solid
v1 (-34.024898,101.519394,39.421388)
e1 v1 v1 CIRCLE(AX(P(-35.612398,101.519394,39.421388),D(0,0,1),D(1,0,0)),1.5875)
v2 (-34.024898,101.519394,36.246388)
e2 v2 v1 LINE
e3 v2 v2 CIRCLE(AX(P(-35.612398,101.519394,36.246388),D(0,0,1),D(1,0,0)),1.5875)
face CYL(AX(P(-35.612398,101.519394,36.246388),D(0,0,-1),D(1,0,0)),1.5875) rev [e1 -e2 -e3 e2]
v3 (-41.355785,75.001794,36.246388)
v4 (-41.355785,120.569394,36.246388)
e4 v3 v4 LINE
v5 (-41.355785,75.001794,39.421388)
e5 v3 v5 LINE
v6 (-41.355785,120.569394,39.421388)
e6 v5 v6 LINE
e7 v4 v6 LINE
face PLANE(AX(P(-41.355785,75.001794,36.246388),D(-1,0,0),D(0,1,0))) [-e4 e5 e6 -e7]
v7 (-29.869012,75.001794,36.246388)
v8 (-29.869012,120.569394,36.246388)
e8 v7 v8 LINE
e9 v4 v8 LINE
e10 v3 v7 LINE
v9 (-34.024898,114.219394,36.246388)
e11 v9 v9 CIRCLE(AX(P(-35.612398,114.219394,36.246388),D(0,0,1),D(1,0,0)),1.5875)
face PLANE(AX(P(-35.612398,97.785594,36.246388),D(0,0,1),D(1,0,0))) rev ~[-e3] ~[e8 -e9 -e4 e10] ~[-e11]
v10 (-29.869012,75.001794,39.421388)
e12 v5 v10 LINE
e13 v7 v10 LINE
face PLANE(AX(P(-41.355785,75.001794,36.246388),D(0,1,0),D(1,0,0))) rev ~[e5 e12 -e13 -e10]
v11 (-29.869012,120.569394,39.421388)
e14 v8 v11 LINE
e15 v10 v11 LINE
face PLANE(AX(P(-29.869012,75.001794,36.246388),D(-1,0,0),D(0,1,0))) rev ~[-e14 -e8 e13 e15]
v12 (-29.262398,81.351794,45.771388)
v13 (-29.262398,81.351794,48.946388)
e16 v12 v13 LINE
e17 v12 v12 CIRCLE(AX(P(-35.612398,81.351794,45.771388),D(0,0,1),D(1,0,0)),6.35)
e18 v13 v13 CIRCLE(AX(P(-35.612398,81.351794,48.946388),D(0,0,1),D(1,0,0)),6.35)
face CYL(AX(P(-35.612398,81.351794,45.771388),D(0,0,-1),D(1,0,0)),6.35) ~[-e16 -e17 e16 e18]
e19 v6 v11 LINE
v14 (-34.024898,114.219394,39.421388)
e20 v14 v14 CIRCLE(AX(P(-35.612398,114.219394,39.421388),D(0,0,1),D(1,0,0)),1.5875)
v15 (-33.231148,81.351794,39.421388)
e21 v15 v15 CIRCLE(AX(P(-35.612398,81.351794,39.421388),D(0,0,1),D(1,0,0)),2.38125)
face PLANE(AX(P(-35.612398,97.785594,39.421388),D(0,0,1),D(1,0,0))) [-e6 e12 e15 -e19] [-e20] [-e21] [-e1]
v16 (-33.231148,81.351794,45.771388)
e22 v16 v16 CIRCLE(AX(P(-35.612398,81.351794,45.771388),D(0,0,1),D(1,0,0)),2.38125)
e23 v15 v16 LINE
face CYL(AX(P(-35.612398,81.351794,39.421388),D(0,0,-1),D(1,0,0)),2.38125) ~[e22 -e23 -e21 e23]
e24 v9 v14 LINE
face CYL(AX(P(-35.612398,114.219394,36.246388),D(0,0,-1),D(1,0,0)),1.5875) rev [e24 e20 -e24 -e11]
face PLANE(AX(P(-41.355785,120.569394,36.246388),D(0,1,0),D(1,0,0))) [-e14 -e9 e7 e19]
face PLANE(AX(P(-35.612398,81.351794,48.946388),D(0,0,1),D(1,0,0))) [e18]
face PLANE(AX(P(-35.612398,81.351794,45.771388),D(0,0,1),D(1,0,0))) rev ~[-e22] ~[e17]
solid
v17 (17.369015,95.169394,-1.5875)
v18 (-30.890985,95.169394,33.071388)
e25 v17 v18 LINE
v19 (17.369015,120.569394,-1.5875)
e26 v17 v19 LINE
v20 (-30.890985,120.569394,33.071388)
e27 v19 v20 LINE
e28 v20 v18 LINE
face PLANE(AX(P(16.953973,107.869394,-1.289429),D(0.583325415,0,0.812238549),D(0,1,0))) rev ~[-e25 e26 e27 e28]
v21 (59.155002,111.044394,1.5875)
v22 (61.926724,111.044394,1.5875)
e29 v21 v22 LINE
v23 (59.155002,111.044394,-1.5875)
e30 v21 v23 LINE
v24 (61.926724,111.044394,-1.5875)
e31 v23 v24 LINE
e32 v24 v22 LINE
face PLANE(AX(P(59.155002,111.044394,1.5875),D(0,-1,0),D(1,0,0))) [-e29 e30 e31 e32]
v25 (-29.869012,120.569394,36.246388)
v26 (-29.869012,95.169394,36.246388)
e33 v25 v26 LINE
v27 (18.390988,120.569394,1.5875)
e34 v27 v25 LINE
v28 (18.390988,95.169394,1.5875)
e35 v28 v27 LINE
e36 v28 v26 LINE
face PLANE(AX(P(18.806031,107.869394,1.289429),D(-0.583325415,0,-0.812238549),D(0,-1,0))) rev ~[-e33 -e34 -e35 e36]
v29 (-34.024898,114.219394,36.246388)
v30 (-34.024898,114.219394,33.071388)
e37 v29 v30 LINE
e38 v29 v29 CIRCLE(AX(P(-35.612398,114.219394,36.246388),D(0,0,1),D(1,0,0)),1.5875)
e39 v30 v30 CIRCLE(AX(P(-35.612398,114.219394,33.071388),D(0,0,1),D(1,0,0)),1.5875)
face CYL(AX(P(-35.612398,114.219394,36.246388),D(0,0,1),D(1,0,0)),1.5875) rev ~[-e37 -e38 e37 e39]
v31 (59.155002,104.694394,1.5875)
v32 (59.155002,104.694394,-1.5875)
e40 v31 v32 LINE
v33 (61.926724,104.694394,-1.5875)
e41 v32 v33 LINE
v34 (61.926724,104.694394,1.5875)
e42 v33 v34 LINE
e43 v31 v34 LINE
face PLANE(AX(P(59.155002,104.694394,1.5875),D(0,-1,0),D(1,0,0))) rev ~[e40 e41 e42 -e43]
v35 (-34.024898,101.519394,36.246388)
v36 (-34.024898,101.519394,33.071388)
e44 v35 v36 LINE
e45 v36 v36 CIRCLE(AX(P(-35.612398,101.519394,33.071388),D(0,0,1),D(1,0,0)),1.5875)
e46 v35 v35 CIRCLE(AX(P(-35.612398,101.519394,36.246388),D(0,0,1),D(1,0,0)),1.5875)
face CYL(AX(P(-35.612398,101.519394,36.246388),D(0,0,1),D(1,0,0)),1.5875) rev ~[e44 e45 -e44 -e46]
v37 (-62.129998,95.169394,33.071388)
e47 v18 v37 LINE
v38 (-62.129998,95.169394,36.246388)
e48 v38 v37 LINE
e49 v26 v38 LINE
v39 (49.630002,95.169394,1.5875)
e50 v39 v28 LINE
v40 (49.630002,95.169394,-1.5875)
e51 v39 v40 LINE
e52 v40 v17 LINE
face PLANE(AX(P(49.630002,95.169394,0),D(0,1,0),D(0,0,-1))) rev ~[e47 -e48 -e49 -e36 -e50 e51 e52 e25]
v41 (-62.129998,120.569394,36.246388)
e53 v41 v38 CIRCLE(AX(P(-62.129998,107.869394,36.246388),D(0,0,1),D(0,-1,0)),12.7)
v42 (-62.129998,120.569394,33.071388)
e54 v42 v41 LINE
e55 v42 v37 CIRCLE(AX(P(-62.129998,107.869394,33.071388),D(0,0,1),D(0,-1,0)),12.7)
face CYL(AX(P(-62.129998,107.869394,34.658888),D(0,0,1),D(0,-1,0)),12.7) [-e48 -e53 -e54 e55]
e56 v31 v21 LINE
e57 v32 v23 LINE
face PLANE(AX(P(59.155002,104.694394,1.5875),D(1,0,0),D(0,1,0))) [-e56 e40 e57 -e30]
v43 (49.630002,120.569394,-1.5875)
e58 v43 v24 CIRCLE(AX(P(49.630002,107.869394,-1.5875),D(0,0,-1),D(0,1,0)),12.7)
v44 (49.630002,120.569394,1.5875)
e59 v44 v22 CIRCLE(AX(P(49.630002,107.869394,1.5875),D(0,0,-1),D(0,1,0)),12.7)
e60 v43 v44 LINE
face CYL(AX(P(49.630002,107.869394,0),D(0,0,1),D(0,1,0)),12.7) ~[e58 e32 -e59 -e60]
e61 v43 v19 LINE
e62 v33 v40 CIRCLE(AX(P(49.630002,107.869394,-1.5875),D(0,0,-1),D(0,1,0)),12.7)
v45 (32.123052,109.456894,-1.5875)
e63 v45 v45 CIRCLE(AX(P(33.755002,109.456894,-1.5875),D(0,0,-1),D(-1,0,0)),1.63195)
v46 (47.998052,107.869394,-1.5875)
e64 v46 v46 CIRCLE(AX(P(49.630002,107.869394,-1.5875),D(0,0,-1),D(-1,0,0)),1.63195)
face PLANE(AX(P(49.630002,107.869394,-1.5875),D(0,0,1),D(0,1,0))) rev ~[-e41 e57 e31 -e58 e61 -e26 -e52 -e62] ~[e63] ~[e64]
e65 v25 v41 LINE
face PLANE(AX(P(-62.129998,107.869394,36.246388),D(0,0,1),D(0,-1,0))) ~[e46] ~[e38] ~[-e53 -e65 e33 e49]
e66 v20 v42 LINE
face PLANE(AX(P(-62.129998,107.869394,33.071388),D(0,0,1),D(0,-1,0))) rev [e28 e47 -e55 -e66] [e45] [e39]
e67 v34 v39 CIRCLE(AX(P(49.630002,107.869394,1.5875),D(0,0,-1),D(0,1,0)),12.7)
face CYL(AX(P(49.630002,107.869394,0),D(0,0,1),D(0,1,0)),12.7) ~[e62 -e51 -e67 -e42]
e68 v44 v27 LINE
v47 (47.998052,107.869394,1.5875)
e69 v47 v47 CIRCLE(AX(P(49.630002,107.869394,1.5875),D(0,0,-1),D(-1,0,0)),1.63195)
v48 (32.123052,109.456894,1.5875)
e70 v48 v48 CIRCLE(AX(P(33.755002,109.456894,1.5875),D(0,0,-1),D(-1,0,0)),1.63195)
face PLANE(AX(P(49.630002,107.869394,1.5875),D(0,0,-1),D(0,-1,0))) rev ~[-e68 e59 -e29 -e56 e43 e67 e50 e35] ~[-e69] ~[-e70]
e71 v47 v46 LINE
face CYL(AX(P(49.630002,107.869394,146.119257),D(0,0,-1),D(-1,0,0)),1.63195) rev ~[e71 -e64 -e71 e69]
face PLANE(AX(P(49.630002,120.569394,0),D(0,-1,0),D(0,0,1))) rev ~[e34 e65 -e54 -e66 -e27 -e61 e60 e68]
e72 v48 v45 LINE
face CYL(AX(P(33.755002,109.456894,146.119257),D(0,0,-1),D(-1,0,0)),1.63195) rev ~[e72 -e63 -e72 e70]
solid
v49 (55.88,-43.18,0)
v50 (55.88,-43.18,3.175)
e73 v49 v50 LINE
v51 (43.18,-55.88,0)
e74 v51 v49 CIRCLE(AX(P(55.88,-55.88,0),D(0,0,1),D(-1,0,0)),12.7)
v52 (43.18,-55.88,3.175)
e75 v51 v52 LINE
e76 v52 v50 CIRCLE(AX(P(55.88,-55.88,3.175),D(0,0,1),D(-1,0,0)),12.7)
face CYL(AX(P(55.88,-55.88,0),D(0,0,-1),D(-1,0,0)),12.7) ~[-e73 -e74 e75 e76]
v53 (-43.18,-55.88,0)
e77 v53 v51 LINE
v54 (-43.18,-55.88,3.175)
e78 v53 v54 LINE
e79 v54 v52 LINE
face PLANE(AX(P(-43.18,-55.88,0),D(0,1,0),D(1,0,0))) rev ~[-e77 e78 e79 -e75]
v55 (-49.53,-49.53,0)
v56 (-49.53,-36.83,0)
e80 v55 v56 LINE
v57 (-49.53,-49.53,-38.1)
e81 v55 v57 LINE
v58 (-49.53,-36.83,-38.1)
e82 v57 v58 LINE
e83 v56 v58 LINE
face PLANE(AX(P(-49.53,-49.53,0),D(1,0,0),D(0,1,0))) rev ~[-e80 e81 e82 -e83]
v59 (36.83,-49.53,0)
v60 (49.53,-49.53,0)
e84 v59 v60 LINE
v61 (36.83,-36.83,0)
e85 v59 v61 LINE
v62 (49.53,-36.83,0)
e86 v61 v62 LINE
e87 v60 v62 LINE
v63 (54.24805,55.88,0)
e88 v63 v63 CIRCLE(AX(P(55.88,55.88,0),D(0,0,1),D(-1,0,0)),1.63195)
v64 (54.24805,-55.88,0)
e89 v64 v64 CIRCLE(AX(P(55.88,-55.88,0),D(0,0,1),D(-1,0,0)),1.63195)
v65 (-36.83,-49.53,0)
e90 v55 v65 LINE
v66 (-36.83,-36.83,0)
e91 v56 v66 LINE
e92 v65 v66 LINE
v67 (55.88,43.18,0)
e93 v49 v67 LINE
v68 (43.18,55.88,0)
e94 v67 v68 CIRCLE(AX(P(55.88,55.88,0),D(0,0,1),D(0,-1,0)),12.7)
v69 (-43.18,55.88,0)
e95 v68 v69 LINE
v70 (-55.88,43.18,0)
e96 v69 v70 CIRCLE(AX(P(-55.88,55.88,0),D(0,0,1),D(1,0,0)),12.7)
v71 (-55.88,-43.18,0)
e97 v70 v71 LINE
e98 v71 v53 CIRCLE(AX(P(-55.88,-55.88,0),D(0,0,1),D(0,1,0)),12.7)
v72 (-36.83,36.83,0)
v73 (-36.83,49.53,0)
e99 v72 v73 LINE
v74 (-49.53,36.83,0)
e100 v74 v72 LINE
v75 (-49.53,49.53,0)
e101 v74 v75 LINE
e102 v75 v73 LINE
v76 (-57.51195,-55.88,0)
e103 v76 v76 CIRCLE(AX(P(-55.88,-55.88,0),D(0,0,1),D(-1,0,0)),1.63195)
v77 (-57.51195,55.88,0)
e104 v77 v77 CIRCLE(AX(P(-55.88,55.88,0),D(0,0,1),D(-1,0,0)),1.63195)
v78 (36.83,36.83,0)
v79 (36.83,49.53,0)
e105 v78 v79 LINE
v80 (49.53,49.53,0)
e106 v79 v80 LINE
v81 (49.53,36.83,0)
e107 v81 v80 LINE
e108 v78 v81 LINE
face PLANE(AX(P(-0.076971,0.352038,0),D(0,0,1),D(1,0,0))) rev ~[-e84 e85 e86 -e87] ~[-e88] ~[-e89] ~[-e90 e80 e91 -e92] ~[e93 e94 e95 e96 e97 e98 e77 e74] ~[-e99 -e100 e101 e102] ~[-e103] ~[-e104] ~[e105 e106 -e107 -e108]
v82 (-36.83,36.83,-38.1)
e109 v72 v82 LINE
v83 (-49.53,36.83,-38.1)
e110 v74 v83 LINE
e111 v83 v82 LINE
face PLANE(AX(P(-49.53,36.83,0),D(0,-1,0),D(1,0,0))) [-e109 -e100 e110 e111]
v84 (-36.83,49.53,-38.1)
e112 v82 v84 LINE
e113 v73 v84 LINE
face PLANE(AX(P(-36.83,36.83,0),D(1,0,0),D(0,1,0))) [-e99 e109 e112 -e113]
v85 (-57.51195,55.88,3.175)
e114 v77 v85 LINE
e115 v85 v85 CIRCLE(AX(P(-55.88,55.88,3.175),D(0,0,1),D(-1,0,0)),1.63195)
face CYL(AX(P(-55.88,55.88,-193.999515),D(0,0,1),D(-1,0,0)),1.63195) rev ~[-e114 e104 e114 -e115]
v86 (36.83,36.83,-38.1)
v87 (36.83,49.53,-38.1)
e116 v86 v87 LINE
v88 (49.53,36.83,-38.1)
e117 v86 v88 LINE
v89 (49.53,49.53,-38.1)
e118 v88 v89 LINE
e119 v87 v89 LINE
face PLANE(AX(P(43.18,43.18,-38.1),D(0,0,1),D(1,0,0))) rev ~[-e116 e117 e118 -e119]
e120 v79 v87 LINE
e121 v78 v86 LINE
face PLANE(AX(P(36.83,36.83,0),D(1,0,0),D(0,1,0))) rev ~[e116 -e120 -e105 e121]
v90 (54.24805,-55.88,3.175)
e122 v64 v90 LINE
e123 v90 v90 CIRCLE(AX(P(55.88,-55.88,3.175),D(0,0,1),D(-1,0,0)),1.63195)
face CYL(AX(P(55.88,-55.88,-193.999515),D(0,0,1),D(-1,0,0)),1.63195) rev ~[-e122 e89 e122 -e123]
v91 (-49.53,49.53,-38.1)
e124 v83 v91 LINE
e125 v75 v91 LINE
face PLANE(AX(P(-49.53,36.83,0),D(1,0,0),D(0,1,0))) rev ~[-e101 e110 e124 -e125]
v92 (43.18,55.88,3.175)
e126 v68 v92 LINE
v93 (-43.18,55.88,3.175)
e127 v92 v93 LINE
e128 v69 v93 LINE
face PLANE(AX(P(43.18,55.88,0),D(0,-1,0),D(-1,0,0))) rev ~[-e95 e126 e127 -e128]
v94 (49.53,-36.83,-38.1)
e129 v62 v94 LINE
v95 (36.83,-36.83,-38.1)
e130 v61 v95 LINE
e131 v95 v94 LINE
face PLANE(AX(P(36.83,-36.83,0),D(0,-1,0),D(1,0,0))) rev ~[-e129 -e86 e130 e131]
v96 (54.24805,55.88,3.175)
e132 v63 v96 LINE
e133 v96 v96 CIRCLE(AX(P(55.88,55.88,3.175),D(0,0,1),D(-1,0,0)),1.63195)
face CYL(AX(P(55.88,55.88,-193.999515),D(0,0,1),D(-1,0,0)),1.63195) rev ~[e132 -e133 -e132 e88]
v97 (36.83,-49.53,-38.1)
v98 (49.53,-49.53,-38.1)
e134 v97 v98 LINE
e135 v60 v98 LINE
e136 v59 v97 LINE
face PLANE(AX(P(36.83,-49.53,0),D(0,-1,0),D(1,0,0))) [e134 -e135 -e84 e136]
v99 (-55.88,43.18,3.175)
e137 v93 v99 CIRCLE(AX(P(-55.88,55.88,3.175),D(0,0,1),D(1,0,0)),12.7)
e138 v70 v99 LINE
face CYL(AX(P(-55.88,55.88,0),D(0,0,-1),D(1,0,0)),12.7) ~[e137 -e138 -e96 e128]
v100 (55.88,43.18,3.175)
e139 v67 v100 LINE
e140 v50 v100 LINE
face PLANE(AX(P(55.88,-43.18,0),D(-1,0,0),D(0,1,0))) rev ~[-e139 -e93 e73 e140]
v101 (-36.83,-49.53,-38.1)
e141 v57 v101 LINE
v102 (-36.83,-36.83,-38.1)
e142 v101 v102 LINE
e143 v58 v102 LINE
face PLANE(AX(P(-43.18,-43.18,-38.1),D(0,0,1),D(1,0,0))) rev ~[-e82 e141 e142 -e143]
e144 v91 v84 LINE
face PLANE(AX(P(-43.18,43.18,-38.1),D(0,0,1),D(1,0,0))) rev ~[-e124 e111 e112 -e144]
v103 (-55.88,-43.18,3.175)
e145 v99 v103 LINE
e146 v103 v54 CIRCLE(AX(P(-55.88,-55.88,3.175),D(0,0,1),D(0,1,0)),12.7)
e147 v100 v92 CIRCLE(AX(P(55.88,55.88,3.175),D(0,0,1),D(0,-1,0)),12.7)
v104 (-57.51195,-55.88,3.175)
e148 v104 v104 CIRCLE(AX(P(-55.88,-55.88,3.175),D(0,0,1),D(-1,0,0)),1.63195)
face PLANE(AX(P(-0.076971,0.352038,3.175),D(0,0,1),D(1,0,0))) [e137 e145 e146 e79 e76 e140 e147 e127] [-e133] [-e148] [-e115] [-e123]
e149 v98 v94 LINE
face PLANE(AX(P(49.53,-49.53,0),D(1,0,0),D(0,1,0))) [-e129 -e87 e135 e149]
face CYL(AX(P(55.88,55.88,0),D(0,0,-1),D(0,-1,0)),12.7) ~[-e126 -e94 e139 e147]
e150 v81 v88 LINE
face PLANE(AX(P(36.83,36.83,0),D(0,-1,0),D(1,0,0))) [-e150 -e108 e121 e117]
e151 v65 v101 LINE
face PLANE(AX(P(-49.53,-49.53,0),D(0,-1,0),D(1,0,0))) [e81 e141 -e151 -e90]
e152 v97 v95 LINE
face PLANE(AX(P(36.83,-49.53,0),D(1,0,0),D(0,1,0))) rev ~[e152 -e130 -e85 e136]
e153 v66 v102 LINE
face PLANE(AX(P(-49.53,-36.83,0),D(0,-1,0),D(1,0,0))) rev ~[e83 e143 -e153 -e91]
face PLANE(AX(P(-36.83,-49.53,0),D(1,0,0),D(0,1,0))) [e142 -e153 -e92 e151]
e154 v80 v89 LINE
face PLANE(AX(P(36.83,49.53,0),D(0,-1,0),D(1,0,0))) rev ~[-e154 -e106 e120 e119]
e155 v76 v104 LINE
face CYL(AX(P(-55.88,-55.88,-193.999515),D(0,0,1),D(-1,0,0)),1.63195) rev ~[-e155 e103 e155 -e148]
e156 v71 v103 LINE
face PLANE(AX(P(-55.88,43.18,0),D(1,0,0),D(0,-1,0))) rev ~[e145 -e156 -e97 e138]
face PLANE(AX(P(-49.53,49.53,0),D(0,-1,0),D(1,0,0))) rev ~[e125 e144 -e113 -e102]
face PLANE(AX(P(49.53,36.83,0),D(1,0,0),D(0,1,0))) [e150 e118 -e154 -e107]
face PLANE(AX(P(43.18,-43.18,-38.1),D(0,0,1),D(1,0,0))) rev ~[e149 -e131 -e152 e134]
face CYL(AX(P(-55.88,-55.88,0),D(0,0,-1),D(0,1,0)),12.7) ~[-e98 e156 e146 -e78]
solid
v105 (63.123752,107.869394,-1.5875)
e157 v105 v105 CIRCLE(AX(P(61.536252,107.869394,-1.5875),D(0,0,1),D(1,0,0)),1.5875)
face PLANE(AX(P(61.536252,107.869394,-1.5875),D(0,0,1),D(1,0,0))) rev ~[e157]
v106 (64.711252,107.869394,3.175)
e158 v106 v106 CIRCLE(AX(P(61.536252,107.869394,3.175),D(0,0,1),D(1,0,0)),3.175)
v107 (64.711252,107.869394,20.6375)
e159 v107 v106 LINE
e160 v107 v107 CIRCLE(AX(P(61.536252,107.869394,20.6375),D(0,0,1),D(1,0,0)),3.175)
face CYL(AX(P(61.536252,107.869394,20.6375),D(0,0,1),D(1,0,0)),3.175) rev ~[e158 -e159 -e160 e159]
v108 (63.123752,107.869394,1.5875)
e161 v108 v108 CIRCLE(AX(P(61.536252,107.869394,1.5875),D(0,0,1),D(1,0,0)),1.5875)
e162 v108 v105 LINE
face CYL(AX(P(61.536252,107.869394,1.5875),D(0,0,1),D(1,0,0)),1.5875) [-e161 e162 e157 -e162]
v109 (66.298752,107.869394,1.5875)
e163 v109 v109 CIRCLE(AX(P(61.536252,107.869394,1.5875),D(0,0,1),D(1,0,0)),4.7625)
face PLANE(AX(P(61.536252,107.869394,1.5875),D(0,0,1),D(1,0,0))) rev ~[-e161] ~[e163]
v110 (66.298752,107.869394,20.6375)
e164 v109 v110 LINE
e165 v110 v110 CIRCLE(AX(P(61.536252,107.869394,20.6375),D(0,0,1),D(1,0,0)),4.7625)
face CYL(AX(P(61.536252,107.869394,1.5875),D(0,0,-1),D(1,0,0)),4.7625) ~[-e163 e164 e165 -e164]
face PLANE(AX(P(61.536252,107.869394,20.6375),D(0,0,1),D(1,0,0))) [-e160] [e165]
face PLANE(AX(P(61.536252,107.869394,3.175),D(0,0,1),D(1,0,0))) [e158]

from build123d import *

# Parameters (mm, degrees)
F0_W      = 82.8061997521
F0_H      = 12.7
F2_DEPTH  = 3.175
F3_D      = 3.2639
F7_W      = 25.4
F7_H      = 3.175
F9_W      = 12.7
F9_H      = 3.175
F11_W     = 12.7
F11_H     = 3.175
F14_D     = 3.2639
F16_D     = 3.2639
F17_W     = 6.35
F17_H     = 6.35
F18_DEPTH = 3.176
F19_R     = 1.5875
F20_DEPTH = 3.175
F21_R     = 4.7625
F22_DEPTH = 19.05
F23_R     = 3.175
F24_DEPTH = 17.4625
F26_R     = 1.5875
F27_DEPTH = 25.4
F28_W     = 11.4867726283
F28_H     = 45.5676
F28_R     = 1.5875
F29_DEPTH = 3.175
F30_R     = 2.38125
F31_DEPTH = 6.35
F32_R     = 6.35
F33_DEPTH = 3.175
F34_W     = 12.7
F34_H     = 12.7
F35_DEPTH = 38.1


with BuildPart() as f2:
    # F0 (on Top) → F2 (new body)
    with BuildSketch(Plane.XY):
        with BuildLine():
            Line((-43.18, 43.18), (-43.18, 55.88))
            ThreePointArc((-43.18, 55.88), (-64.8602561211, 64.8602561211), (-55.88, 43.18))
            Line((-55.88, 43.18), (-55.88, -43.18))
            ThreePointArc((-55.88, -43.18), (-64.8602561211, -64.8602561211), (-43.18, -55.88))
            Line((-43.18, -55.88), (43.18, -55.88))
            ThreePointArc((43.18, -55.88), (64.8602561211, -64.8602561211), (55.88, -43.18))
            Line((55.88, -43.18), (55.88, 43.18))
            ThreePointArc((55.88, 43.18), (64.8602561211, 64.8602561211), (43.18, 55.88))
            Line((43.18, 55.88), (39.6261997521, 55.88))
            Line((39.6261997521, 55.88), (39.6261997521, 43.18))
            Line((39.6261997521, 43.18), (-43.18, 43.18))
        make_face()
        with Locations((-1.776900124, 49.53)):
            Rectangle(F0_W, F0_H)
    extrude(amount=F2_DEPTH)

    # F3 (through all)
    with Locations(Plane(origin=(0, 0, 0), x_dir=(1, 0, 0), z_dir=(0, 0, -1))):
        with Locations((-55.88, -55.88), (55.88, -55.88), (-55.88, 55.88), (55.88, 55.88)):
            Hole(F3_D / 2)

    # F34 (on face) → F35 (join)
    with BuildSketch(Plane.XY):
        with Locations((-43.18, -43.18)):
            Rectangle(F34_W, F34_H)
        with Locations((43.18, -43.18)):
            Rectangle(F34_W, F34_H)
        with Locations((43.18, 43.18)):
            Rectangle(F34_W, F34_H)
        with Locations((-43.18, 43.18)):
            Rectangle(F34_W, F34_H)
    extrude(amount=-F35_DEPTH)


with BuildPart() as f8:
    # F8: sweep along a path in F5
    with BuildLine(Plane.XZ.offset(-107.8693939435)) as f8_path:
        Line((49.630001771, 0), (17.880001771, 0))
        Line((17.880001771, 0), (-30.379998229, 34.6588875541))
        Line((-30.379998229, 34.6588875541), (-62.129998229, 34.6588875541))
    # F7 (on line) → F8 (sweep)
    with BuildSketch(Plane.YZ.offset(49.630001771)):
        with Locations((107.8693939435, 0)):
            Rectangle(F7_W, F7_H)
    sweep(path=f8_path.line, transition=Transition.RIGHT)

    # F9 (on face) → F10 (revolve)
    with BuildSketch(Plane.YZ.offset(49.630001771)):
        with Locations((114.2193939435, 0)):
            Rectangle(F9_W, F9_H)
    revolve(axis=Axis((49.630001771, 107.8693939435, 0), (0, 0, -1)))

    # F11 (on face) → F12 (revolve)
    with BuildSketch(Plane(origin=(-62.129998229, 0, 0), x_dir=(0, -1, 0), z_dir=(-1, 0, 0))):
        with Locations((-101.5193939435, 34.6588875541)):
            Rectangle(F11_W, F11_H)
    revolve(axis=Axis((-62.129998229, 107.8693939435, 34.6588875541), (0, 0, 1)))

    # F14 (through all)
    with Locations(Plane.XY.offset(1.5875)):
        with Locations((49.630001771, 107.8693939435)):
            Hole(F14_D / 2)

    # F16 (through all)
    with Locations(Plane.XY.offset(1.5875)):
        with Locations((33.755001771, 109.4568939435)):
            Hole(F16_D / 2)

    # F17 (on face) → F18 (cut, through all)
    with BuildSketch(Plane.XY.offset(1.5875)):
        with Locations((62.330001771, 107.8693939435)):
            Rectangle(F17_W, F17_H)
    extrude(amount=-F18_DEPTH, mode=Mode.SUBTRACT)

    # F26 (on face) → F27 (cut)
    with BuildSketch(Plane.XY.offset(36.2463875541)):
        with Locations((-35.612398229, 114.2193939435)):
            Circle(F26_R)
        with Locations((-35.612398229, 101.5193939435)):
            Circle(F26_R)
    extrude(amount=-F27_DEPTH, mode=Mode.SUBTRACT)


with BuildPart() as f20:
    # F19 (on face) → F20 (new body)
    with BuildSketch(Plane.XY.offset(1.5875)):
        with Locations((61.536251771, 107.8693939435)):
            Circle(F19_R)
    extrude(amount=-F20_DEPTH)

    # F21 (on face) → F22 (join)
    with BuildSketch(Plane.XY.offset(1.5875)):
        with Locations((61.536251771, 107.8693939435)):
            Circle(F21_R)
    extrude(amount=F22_DEPTH)

    # F23 (on face) → F24 (cut)
    with BuildSketch(Plane.XY.offset(20.6375)):
        with Locations((61.536251771, 107.8693939435)):
            Circle(F23_R)
    extrude(amount=-F24_DEPTH, mode=Mode.SUBTRACT)


with BuildPart() as f29:
    # F28 (on face) → F29 (new body)
    with BuildSketch(Plane.XY.offset(36.2463875541)):
        with Locations((-35.612398229, 97.7855939435)):
            Rectangle(F28_W, F28_H)
        with Locations((-35.612398229, 114.2193939435)):
            Circle(F28_R, mode=Mode.SUBTRACT)
        with Locations((-35.612398229, 101.5193939435)):
            Circle(F28_R, mode=Mode.SUBTRACT)
    extrude(amount=F29_DEPTH)

    # F30 (on face) → F31 (join)
    with BuildSketch(Plane.XY.offset(39.4213875541)):
        with Locations((-35.612398229, 81.3517939435)):
            Circle(F30_R)
    extrude(amount=F31_DEPTH)

    # F32 (on face) → F33 (join)
    with BuildSketch(Plane.XY.offset(45.7713875541)):
        with Locations((-35.612398229, 81.3517939435)):
            Circle(F32_R)
    extrude(amount=F33_DEPTH)


solid = Compound([f2.part, f8.part, f20.part, f29.part])
